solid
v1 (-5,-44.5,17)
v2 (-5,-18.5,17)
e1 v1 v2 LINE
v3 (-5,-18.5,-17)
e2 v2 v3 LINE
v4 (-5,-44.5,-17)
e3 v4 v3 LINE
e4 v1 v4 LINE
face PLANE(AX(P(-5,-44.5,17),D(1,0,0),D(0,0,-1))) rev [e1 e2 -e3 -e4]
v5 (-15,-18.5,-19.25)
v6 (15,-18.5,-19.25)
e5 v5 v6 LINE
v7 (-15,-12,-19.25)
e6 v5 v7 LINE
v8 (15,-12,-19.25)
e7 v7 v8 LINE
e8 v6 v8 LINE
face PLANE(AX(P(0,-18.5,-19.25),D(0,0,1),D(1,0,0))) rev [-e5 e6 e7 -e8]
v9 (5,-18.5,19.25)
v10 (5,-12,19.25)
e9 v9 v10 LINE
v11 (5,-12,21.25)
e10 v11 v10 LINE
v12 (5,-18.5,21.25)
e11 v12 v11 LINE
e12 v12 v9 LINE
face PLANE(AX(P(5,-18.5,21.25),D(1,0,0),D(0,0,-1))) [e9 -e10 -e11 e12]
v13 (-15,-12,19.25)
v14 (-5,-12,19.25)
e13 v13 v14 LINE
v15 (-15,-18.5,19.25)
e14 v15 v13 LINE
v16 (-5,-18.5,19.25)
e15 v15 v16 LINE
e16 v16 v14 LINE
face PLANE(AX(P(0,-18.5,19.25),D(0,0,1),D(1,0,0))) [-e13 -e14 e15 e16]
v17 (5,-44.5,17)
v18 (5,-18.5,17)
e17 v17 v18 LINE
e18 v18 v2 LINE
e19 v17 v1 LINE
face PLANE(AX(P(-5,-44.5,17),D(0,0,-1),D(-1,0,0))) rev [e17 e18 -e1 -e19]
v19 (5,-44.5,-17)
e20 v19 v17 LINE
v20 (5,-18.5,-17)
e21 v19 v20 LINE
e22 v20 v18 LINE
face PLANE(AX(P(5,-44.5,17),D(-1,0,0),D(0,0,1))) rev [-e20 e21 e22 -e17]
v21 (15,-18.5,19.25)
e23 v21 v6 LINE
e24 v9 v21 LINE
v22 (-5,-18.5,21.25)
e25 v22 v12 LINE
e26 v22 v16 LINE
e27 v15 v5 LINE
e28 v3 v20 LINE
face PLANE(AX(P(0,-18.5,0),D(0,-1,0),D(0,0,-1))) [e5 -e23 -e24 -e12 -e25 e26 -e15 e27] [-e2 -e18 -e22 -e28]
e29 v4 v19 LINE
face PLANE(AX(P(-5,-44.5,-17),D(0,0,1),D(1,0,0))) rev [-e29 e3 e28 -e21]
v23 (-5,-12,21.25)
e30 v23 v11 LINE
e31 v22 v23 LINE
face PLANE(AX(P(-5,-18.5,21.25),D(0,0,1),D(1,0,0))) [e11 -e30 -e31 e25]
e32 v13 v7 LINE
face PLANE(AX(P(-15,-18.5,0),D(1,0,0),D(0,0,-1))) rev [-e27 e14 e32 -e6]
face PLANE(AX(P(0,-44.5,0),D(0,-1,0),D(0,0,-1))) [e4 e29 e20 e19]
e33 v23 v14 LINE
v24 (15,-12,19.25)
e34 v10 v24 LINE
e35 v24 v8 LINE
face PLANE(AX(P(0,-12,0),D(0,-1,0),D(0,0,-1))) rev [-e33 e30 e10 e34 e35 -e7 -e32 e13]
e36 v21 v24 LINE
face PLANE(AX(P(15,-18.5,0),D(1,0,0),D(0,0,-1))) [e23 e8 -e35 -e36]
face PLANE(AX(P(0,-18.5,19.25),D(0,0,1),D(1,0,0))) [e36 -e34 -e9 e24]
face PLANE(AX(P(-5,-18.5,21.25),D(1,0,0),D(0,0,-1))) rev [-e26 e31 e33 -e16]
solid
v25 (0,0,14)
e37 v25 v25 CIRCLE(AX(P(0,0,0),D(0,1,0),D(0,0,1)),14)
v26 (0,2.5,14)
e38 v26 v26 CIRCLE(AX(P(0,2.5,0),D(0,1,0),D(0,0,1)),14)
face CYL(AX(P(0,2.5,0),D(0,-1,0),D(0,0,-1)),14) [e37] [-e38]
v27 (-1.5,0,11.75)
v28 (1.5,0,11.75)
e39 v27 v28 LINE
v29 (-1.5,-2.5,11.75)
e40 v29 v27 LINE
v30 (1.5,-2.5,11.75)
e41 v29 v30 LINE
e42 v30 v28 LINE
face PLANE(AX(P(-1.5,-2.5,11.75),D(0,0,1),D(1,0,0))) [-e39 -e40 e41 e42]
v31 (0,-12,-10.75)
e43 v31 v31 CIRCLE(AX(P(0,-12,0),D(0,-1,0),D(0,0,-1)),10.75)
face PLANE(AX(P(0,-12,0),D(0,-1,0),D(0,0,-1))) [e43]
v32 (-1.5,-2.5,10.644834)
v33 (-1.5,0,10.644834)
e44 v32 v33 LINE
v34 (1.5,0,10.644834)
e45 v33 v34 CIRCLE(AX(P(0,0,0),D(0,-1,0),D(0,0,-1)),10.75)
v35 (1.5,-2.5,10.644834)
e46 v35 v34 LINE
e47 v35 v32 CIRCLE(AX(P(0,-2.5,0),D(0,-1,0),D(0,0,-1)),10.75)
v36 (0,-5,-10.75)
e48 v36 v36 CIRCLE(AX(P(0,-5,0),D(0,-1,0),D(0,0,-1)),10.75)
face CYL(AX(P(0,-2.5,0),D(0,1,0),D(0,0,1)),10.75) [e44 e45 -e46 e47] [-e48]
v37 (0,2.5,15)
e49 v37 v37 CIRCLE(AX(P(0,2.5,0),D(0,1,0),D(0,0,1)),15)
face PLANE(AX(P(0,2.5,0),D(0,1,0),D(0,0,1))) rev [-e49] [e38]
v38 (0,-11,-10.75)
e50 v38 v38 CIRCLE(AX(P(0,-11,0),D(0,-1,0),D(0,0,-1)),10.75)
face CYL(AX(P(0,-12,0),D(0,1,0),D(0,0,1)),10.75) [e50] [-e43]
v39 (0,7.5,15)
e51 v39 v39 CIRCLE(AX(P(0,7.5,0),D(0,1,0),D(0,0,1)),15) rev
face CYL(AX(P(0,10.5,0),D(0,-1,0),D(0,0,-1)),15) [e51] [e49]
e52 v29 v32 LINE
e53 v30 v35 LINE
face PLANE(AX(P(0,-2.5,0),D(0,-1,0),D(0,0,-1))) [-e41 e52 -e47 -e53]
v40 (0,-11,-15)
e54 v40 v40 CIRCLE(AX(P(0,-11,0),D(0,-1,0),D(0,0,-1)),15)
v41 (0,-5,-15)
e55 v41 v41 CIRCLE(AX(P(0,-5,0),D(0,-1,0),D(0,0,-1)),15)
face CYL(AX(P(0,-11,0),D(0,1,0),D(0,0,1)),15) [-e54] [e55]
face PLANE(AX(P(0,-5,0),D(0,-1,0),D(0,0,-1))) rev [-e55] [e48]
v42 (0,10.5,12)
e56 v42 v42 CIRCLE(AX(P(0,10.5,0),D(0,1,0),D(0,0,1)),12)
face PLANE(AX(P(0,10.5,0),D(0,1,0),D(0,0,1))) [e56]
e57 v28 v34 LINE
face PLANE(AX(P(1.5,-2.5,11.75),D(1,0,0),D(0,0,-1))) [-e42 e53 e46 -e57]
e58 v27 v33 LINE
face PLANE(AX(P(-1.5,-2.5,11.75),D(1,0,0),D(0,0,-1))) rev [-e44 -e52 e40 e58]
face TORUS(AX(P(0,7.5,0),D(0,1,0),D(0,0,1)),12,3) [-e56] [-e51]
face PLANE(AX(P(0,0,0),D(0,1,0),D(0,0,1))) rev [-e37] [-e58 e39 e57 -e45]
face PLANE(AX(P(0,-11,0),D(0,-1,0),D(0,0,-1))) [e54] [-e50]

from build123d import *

# Parameters (mm, degrees)
SKIZZE1_R                       = 14
AUFSATZ_LINEAR_AUSTRAGEN1_DEPTH = 2.5
SKIZZE2_R                       = 15
AUFSATZ_LINEAR_AUSTRAGEN2_DEPTH = 8
VERRUNDUNG1_R                   = 3
SKIZZE3_R                       = 10.75
SKIZZE3_W                       = 3
SKIZZE3_H                       = 2
AUFSATZ_LINEAR_AUSTRAGEN3_DEPTH = 2.5
SKIZZE4_R                       = 10.75
AUFSATZ_LINEAR_AUSTRAGEN4_DEPTH = 2.5
AUFSATZ_LINEAR_START            = 6
SKIZZE5_R                       = 15
AUFSATZ_LINEAR_AUSTRAGEN5_DEPTH = 6
SKIZZE6_R                       = 10.75
AUFSATZ_LINEAR_AUSTRAGEN6_DEPTH = 1
SKIZZE7_W                       = 30
SKIZZE7_H                       = 38.5
SKIZZE7_W_2                     = 10
SKIZZE7_H_2                     = 4
AUFSATZ_LINEAR_AUSTRAGEN7_DEPTH = 6.5
SKIZZE8_W                       = 10
SKIZZE8_H                       = 34
AUFSATZ_LINEAR_AUSTRAGEN8_DEPTH = 26


with BuildPart() as part:
    # Skizze1 → Aufsatz-Linear austragen1 (new body)
    with BuildSketch(Plane(origin=(0, 0, 0), x_dir=(1, 0, 0), z_dir=(0, 1, 0))):
        with Locations(Location((0, 0, 0), (0, 0, 270))):
            Circle(SKIZZE1_R)
    extrude(amount=AUFSATZ_LINEAR_AUSTRAGEN1_DEPTH)

    # Skizze2 → Aufsatz-Linear austragen2 (add)
    with BuildSketch(Plane(origin=(0, 2.5, 0), x_dir=(1, 0, 0), z_dir=(0, 1, 0))):
        with Locations(Location((0, 0, 0), (0, 0, 270))):
            Circle(SKIZZE2_R)
    extrude(amount=AUFSATZ_LINEAR_AUSTRAGEN2_DEPTH)

    # Verrundung1
    verrundung1_edges = [part.edges().sort_by_distance(p)[0] for p in [
        (0, 10.5, -15),
    ]]
    fillet(verrundung1_edges, radius=VERRUNDUNG1_R)

    # Skizze3 → Aufsatz-Linear austragen3 (add)
    with BuildSketch(Plane.XZ):
        Circle(SKIZZE3_R)
        with Locations((0, 10.75)):
            Rectangle(SKIZZE3_W, SKIZZE3_H)
    extrude(amount=AUFSATZ_LINEAR_AUSTRAGEN3_DEPTH)

    # Skizze4 → Aufsatz-Linear austragen4 (add)
    with BuildSketch(Plane.XZ.offset(2.5)):
        with Locations(Location((0, 0, 0), (0, 0, 81.979067125))):
            Circle(SKIZZE4_R)
    extrude(amount=AUFSATZ_LINEAR_AUSTRAGEN4_DEPTH)

    # Skizze5 → Aufsatz-Linear austragen5 (add)
    with BuildSketch(Plane.XZ.offset(5).offset(AUFSATZ_LINEAR_START)):
        with Locations(Location((0, 0, 0), (0, 0, 90))):
            Circle(SKIZZE5_R)
    extrude(amount=-AUFSATZ_LINEAR_AUSTRAGEN5_DEPTH)

    # Skizze6 → Aufsatz-Linear austragen6 (add)
    with BuildSketch(Plane.XZ.offset(11)):
        with Locations(Location((0, 0, 0), (0, 0, 81.979067125))):
            Circle(SKIZZE6_R)
    extrude(amount=AUFSATZ_LINEAR_AUSTRAGEN6_DEPTH)


with BuildPart() as body_2:
    # Skizze7 → Aufsatz-Linear austragen7 (new body)
    with BuildSketch(Plane.XZ.offset(12)):
        Rectangle(SKIZZE7_W, SKIZZE7_H)
        with Locations((0, 19.25)):
            Rectangle(SKIZZE7_W_2, SKIZZE7_H_2)
    extrude(amount=AUFSATZ_LINEAR_AUSTRAGEN7_DEPTH)

    # Skizze8 → Aufsatz-Linear austragen8 (add)
    with BuildSketch(Plane.XZ.offset(18.5)):
        Rectangle(SKIZZE8_W, SKIZZE8_H)
    extrude(amount=AUFSATZ_LINEAR_AUSTRAGEN8_DEPTH)


solid = Compound([part.part, body_2.part])
